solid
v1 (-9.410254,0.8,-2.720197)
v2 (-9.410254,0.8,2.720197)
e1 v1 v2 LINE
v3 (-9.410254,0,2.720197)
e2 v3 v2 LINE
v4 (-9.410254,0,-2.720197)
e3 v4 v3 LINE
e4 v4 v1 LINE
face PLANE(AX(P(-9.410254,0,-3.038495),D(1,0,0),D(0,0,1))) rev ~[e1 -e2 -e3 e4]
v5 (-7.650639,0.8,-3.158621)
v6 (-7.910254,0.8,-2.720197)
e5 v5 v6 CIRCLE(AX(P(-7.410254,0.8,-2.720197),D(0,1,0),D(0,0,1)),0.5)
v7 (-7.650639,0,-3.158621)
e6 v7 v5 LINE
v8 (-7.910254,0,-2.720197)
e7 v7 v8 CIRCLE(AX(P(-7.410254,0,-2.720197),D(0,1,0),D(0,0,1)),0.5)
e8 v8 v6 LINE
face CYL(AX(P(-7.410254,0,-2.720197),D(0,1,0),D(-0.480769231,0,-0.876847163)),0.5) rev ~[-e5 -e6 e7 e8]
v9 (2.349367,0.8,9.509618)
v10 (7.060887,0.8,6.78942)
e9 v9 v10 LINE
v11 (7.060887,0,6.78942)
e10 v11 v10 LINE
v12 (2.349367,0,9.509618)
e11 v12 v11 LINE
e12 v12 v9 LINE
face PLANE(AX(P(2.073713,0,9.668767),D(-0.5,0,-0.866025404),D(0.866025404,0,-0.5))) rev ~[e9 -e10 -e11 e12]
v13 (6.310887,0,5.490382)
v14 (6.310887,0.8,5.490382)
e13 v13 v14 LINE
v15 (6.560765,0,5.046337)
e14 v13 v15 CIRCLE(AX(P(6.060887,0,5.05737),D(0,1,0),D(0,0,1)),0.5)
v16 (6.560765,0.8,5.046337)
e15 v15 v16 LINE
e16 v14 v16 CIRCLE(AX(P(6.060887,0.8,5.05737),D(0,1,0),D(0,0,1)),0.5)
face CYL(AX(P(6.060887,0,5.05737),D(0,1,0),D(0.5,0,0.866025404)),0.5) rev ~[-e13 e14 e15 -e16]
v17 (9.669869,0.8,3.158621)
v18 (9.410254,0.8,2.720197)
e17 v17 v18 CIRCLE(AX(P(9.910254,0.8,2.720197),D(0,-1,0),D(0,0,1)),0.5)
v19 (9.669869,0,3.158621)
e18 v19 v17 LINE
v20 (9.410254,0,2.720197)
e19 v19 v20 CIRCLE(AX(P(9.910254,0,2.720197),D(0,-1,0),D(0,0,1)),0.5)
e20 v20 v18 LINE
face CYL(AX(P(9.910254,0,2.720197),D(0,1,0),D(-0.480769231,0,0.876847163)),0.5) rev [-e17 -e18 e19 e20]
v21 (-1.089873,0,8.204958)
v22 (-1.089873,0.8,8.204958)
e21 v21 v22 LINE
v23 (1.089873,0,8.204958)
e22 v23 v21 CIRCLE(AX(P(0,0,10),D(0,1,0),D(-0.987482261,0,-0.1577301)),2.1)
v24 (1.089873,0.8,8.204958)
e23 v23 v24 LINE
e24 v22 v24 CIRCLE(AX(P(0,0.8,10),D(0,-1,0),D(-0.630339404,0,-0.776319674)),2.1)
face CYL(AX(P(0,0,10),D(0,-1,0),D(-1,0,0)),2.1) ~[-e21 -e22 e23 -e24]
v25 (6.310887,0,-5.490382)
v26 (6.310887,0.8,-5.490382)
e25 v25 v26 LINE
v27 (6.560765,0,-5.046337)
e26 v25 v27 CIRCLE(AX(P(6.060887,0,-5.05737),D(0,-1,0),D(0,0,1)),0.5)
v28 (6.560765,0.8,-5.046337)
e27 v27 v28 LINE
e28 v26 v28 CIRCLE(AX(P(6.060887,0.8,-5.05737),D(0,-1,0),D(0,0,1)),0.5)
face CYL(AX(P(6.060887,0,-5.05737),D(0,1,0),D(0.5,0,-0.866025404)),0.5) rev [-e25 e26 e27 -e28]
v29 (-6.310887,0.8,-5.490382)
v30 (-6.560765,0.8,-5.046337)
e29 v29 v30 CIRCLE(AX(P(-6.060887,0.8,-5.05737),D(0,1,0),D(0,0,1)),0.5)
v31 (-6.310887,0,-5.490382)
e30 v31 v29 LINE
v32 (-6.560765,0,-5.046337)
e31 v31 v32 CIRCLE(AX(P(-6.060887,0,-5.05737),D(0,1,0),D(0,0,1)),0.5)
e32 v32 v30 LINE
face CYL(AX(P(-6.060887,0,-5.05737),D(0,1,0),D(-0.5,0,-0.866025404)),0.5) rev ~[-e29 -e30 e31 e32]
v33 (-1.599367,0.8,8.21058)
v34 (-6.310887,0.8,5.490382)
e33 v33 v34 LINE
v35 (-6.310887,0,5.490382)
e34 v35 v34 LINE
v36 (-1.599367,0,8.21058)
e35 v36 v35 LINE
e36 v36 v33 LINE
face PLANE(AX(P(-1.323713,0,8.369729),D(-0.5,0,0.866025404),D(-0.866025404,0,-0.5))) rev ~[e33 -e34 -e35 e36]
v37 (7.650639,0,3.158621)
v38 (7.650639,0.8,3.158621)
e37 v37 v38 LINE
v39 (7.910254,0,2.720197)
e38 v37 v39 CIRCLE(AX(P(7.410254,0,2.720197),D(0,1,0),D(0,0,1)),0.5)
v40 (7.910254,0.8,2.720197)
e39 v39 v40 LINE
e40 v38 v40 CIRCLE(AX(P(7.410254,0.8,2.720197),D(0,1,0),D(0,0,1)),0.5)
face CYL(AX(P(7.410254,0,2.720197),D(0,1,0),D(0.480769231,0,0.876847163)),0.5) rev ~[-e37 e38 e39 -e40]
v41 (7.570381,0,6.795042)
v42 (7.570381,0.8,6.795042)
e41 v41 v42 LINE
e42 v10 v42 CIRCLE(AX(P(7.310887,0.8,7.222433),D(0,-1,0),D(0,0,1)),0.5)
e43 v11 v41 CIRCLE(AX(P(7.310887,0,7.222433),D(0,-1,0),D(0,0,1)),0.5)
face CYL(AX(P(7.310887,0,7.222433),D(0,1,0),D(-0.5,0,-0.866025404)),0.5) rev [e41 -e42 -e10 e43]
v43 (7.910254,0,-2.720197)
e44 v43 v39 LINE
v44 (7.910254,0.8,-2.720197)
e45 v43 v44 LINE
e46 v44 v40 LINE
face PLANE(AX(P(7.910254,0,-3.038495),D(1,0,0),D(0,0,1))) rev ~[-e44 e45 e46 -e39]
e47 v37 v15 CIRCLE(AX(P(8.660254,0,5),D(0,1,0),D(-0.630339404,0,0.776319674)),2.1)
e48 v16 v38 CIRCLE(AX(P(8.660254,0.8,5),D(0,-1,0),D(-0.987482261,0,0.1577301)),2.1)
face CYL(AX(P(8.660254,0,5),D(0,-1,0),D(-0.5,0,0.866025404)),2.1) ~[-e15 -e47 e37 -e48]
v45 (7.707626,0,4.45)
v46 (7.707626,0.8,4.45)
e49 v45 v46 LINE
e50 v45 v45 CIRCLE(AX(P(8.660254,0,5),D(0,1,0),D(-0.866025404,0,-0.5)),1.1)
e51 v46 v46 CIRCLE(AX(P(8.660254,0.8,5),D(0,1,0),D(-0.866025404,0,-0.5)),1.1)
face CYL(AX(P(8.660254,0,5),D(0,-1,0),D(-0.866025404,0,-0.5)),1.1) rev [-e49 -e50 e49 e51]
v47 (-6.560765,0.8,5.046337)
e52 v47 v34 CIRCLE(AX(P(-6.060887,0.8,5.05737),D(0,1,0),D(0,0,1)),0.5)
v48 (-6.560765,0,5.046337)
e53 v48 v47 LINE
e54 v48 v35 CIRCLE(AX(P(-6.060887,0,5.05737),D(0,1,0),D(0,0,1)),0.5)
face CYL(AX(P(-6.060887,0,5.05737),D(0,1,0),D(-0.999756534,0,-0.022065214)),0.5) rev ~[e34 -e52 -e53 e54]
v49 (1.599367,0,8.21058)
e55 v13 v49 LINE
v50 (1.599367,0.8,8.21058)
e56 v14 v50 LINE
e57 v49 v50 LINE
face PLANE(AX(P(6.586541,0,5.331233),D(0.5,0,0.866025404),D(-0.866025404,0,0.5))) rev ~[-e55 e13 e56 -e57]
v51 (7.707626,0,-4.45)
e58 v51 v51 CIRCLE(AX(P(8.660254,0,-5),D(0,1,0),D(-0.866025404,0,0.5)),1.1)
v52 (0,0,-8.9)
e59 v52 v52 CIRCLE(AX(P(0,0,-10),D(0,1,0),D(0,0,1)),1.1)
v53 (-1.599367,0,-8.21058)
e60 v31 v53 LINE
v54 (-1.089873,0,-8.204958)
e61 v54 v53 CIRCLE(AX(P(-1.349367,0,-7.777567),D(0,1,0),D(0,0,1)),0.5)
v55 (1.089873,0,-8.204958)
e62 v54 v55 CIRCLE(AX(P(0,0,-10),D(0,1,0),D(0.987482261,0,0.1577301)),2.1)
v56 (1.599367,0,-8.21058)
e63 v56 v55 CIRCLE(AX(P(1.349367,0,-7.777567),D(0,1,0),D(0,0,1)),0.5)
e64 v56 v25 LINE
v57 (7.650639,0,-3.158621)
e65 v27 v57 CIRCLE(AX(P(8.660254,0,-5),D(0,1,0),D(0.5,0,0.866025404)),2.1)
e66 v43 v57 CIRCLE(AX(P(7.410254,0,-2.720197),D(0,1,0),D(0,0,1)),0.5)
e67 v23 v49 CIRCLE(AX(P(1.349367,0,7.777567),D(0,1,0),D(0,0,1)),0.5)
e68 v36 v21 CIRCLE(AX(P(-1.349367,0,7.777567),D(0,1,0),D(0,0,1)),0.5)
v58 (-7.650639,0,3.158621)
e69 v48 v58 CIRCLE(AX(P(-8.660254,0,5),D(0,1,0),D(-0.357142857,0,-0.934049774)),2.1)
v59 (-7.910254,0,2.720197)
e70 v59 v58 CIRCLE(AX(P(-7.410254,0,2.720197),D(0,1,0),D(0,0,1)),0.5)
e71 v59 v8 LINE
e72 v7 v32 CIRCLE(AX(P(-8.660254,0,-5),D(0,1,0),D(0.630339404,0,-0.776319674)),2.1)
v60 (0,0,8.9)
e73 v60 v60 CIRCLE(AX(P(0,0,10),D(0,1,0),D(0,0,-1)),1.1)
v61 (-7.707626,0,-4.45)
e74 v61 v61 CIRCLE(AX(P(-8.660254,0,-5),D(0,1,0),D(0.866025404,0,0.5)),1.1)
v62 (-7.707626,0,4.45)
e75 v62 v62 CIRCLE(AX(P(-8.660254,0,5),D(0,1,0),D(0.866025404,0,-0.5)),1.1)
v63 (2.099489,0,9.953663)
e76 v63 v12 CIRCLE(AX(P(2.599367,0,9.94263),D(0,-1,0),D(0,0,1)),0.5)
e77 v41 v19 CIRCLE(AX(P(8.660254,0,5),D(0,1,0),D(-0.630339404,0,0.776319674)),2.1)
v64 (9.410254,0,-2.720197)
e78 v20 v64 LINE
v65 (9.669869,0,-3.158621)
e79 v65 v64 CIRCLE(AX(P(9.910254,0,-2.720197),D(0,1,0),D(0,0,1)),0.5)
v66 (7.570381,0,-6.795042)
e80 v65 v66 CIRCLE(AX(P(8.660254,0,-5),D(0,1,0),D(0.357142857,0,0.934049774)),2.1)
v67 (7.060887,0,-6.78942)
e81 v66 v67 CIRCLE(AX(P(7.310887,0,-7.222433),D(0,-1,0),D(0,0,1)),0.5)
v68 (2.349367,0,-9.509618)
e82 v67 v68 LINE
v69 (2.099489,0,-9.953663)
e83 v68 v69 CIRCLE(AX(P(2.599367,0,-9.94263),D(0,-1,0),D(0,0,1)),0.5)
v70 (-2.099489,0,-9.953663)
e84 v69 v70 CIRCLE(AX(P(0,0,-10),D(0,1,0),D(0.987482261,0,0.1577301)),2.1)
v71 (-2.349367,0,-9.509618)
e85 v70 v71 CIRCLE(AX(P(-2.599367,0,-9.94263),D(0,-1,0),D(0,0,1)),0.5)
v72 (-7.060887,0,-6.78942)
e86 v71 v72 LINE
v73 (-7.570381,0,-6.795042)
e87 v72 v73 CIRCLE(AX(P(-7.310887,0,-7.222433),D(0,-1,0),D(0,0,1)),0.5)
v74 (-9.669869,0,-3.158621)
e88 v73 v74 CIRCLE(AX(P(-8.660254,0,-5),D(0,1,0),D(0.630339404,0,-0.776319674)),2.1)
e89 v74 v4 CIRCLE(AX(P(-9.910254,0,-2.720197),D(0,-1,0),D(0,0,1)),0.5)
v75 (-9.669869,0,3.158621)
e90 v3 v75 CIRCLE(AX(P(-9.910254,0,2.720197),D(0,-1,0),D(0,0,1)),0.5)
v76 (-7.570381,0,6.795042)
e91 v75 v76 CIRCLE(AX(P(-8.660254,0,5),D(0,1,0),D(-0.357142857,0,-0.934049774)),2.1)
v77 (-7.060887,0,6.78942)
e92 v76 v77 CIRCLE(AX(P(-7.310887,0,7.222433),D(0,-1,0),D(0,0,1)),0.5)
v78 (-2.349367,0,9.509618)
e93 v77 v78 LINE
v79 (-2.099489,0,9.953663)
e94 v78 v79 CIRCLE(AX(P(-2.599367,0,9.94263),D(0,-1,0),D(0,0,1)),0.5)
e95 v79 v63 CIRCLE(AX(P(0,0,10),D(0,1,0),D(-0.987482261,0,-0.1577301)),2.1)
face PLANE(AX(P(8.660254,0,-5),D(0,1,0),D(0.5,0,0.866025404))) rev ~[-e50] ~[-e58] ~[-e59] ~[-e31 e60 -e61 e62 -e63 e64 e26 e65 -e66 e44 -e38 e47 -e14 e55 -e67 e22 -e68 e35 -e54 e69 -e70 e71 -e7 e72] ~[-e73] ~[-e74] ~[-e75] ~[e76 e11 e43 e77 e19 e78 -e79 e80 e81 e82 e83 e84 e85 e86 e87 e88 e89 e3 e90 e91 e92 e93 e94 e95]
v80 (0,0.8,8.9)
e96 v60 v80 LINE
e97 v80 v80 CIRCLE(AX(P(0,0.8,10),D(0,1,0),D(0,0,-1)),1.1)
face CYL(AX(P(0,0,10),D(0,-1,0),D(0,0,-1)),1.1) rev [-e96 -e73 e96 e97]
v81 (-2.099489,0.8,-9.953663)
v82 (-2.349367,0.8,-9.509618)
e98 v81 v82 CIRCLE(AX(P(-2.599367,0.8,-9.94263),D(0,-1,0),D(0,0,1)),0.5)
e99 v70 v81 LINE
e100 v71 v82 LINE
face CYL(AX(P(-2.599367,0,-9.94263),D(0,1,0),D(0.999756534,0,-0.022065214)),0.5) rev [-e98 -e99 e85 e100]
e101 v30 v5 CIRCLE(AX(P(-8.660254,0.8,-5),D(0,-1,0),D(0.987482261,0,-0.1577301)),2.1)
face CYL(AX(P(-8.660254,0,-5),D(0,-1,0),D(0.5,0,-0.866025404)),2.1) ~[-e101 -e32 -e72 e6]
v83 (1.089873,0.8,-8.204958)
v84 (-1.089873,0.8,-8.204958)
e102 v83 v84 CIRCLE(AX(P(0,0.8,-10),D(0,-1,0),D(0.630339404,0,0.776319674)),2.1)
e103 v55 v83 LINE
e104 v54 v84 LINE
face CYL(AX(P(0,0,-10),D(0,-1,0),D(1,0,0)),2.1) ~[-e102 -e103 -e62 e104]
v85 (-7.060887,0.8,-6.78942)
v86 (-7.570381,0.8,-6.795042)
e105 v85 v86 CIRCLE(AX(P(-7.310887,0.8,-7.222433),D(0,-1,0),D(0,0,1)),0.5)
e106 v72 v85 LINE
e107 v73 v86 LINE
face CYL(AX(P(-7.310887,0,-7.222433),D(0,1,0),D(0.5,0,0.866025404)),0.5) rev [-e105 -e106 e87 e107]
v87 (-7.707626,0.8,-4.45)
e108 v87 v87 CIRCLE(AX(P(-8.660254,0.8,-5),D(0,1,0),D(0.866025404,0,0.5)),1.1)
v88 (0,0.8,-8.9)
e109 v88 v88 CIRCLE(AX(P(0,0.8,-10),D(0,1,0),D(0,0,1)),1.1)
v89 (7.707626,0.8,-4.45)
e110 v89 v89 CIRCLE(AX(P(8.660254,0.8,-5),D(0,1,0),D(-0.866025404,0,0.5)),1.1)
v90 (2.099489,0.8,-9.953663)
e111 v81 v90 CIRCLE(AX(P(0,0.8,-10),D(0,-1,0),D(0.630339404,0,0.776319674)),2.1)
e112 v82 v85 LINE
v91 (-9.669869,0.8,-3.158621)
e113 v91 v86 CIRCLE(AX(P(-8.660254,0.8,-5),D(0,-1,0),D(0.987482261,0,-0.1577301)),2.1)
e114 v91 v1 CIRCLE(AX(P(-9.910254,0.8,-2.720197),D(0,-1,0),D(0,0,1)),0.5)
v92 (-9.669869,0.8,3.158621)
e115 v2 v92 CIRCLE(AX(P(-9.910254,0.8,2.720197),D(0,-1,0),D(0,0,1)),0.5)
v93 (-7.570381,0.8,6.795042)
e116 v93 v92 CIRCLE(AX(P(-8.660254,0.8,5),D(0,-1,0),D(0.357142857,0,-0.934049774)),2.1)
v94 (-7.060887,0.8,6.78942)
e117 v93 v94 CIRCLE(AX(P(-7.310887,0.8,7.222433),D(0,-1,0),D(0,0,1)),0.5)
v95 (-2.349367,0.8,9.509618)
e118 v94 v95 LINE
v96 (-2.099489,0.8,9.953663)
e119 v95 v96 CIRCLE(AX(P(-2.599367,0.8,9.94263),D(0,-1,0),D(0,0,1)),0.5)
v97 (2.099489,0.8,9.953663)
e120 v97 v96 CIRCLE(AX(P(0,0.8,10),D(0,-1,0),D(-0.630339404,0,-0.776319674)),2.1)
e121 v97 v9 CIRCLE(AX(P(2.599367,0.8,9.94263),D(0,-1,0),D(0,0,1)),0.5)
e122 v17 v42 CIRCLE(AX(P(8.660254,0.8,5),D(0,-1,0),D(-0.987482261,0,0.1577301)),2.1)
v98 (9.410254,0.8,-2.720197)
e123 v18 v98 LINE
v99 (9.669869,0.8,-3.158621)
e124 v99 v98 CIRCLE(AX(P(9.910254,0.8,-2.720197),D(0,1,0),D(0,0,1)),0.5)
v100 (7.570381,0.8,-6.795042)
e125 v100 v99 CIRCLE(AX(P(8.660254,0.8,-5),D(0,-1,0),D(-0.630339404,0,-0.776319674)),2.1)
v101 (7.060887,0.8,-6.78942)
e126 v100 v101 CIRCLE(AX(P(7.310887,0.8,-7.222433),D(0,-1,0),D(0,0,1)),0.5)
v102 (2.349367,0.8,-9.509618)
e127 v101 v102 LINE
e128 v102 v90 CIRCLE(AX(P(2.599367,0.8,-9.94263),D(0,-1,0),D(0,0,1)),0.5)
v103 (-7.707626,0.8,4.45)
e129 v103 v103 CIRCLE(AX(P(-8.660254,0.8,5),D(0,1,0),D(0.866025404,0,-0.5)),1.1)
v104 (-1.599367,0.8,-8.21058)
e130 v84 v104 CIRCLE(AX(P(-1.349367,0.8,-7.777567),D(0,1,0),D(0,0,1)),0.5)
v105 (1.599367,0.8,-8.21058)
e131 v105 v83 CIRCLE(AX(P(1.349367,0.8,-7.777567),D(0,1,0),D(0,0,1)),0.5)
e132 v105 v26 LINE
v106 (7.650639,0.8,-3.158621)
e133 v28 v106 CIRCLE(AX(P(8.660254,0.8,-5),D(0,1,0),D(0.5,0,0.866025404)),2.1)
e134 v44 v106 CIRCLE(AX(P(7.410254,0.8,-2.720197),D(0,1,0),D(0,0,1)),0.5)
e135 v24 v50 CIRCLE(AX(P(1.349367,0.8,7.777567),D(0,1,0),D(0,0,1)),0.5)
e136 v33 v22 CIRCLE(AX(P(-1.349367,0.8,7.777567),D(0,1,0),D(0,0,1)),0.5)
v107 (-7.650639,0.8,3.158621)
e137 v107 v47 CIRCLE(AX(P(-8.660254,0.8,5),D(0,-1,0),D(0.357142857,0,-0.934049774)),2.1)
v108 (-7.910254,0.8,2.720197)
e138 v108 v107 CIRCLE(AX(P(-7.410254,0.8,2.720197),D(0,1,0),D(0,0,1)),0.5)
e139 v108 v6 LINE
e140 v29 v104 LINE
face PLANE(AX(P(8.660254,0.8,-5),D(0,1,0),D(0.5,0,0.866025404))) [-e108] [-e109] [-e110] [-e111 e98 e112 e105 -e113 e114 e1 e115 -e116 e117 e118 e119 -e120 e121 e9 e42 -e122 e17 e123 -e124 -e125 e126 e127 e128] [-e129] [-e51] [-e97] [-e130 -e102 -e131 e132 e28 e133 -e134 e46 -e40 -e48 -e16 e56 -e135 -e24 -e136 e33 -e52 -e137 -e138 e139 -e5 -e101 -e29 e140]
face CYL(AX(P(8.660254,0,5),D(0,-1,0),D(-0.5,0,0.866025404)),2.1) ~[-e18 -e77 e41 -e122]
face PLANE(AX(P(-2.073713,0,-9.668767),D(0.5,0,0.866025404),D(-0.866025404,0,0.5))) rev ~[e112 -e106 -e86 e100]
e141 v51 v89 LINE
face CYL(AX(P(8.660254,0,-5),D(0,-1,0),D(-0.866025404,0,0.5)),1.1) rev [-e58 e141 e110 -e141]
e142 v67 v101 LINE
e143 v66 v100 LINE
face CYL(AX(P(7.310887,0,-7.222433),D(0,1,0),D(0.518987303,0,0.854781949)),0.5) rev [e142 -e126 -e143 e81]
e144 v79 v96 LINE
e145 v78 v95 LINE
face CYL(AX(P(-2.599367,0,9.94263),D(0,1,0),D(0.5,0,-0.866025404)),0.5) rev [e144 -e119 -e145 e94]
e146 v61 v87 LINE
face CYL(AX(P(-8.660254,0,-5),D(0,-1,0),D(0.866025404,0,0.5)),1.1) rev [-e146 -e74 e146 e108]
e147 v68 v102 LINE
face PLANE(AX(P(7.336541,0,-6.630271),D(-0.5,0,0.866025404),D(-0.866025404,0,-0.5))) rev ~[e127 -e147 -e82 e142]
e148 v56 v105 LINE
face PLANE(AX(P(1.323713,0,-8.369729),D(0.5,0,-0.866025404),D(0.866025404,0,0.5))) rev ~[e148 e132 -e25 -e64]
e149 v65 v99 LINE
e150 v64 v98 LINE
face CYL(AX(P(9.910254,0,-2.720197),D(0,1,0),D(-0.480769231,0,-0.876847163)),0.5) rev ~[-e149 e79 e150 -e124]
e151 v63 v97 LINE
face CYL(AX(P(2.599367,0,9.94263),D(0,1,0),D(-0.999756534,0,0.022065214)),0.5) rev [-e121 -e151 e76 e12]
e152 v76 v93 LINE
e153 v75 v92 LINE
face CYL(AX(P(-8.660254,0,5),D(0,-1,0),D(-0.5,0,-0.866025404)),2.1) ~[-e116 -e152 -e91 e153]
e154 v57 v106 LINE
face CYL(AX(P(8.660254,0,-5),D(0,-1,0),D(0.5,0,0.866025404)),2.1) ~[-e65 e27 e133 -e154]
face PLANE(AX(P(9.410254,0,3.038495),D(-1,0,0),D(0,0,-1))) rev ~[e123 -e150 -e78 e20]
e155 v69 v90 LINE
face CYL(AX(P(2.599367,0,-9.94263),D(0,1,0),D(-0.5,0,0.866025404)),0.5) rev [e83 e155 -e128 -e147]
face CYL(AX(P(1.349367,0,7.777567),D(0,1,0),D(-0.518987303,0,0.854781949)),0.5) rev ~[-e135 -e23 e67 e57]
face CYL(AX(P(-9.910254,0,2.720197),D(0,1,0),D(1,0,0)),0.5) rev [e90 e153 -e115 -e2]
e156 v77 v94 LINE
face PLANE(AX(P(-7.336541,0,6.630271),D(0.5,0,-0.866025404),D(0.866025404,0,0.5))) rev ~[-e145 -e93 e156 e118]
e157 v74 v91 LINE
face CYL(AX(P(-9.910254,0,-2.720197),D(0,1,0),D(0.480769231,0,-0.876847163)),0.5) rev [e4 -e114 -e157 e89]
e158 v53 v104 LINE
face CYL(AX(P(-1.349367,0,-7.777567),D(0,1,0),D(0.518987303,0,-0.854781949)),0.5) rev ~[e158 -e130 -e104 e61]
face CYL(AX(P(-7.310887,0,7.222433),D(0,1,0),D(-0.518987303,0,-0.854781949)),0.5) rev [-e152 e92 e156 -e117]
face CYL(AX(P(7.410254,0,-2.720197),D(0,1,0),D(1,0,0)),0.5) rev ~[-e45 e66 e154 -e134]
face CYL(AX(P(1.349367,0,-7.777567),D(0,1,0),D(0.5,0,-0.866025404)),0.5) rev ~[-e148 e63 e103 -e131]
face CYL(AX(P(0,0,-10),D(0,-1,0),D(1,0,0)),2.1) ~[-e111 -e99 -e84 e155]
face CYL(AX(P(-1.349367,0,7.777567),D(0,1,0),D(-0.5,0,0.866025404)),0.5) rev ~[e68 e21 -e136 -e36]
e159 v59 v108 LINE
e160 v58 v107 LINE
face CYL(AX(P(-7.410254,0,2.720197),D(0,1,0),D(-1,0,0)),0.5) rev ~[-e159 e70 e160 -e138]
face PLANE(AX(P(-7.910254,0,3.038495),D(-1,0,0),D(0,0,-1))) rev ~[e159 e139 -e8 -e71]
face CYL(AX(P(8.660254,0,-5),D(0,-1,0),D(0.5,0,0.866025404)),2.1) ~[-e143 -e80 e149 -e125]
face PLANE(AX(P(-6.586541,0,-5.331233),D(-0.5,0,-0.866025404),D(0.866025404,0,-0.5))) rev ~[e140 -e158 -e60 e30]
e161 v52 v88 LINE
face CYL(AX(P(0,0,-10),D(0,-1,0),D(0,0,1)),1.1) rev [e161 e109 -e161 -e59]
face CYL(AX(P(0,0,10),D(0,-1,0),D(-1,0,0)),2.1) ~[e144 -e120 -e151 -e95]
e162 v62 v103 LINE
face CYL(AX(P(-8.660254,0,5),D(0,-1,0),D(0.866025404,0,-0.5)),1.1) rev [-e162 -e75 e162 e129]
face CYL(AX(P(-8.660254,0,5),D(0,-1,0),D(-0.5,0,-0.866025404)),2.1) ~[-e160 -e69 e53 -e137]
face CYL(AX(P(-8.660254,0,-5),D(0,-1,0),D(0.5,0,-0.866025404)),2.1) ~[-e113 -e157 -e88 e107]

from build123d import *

# Parameters (mm, degrees)
SKETCH2_R           = 1.1
BOSS_EXTRUDE1_DEPTH = 0.8
CIRPATTERN1_COUNT   = 6
FILLET1_R           = 0.5


with BuildPart() as part:
    # Sketch2 → Boss-Extrude1 (new body)
    with BuildSketch(Plane(origin=(0, 0, 0), x_dir=(1, 0, 0), z_dir=(0, 1, 0))):
        with BuildLine():
            Line((7.33654129, 6.630271315), (2.073712748, 9.668766791))
            ThreePointArc((2.073712748, 9.668766791), (-1.818653348, 11.05), (1.323712748, 8.369728685))
            Line((1.323712748, 8.369728685), (6.58654129, 5.331233209))
            ThreePointArc((6.58654129, 5.331233209), (6.84160069, 6.05), (7.33654129, 6.630271315))
        make_face()
        with Locations((0, 10)):
            Circle(SKETCH2_R, mode=Mode.SUBTRACT)
    boss_extrude1 = extrude(amount=BOSS_EXTRUDE1_DEPTH)

    # CirPattern1: Boss-Extrude1 ×6 about axis
    cirpattern1_axis = Axis((0, 0.8, 0), (0, -1, 0))
    for i in range(1, CIRPATTERN1_COUNT):
        add(boss_extrude1.rotate(cirpattern1_axis, i * 360 / CIRPATTERN1_COUNT))

    # Fillet1
    fillet1_edges = [part.edges().sort_by_distance(p)[0] for p in [
        (1.323712748, 0.4, -8.369728685),
        (-1.323712748, 0.4, -8.369728685),
        (-6.58654129, 0.4, -5.331233209),
        (-7.910254038, 0.4, -3.038495475),
        (-7.910254038, 0.4, 3.038495475),
        (-6.58654129, 0.4, 5.331233209),
        (-1.323712748, 0.4, 8.369728685),
        (1.323712748, 0.4, 8.369728685),
        (6.58654129, 0.4, 5.331233209),
        (7.910254038, 0.4, 3.038495475),
        (7.910254038, 0.4, -3.038495475),
        (6.58654129, 0.4, -5.331233209),
        (9.410254038, 0.4, -3.038495475),
        (9.410254038, 0.4, 3.038495475),
        (7.33654129, 0.4, 6.630271315),
        (2.073712748, 0.4, 9.668766791),
        (-2.073712748, 0.4, 9.668766791),
        (-9.410254038, 0.4, 3.038495475),
        (-9.410254038, 0.4, -3.038495475),
        (-7.33654129, 0.4, -6.630271315),
        (-2.073712748, 0.4, -9.668766791),
        (2.073712748, 0.4, -9.668766791),
        (7.33654129, 0.4, -6.630271315),
        (-7.33654129, 0.4, 6.630271315),
    ]]
    fillet(fillet1_edges, radius=FILLET1_R)


solid = part.part
